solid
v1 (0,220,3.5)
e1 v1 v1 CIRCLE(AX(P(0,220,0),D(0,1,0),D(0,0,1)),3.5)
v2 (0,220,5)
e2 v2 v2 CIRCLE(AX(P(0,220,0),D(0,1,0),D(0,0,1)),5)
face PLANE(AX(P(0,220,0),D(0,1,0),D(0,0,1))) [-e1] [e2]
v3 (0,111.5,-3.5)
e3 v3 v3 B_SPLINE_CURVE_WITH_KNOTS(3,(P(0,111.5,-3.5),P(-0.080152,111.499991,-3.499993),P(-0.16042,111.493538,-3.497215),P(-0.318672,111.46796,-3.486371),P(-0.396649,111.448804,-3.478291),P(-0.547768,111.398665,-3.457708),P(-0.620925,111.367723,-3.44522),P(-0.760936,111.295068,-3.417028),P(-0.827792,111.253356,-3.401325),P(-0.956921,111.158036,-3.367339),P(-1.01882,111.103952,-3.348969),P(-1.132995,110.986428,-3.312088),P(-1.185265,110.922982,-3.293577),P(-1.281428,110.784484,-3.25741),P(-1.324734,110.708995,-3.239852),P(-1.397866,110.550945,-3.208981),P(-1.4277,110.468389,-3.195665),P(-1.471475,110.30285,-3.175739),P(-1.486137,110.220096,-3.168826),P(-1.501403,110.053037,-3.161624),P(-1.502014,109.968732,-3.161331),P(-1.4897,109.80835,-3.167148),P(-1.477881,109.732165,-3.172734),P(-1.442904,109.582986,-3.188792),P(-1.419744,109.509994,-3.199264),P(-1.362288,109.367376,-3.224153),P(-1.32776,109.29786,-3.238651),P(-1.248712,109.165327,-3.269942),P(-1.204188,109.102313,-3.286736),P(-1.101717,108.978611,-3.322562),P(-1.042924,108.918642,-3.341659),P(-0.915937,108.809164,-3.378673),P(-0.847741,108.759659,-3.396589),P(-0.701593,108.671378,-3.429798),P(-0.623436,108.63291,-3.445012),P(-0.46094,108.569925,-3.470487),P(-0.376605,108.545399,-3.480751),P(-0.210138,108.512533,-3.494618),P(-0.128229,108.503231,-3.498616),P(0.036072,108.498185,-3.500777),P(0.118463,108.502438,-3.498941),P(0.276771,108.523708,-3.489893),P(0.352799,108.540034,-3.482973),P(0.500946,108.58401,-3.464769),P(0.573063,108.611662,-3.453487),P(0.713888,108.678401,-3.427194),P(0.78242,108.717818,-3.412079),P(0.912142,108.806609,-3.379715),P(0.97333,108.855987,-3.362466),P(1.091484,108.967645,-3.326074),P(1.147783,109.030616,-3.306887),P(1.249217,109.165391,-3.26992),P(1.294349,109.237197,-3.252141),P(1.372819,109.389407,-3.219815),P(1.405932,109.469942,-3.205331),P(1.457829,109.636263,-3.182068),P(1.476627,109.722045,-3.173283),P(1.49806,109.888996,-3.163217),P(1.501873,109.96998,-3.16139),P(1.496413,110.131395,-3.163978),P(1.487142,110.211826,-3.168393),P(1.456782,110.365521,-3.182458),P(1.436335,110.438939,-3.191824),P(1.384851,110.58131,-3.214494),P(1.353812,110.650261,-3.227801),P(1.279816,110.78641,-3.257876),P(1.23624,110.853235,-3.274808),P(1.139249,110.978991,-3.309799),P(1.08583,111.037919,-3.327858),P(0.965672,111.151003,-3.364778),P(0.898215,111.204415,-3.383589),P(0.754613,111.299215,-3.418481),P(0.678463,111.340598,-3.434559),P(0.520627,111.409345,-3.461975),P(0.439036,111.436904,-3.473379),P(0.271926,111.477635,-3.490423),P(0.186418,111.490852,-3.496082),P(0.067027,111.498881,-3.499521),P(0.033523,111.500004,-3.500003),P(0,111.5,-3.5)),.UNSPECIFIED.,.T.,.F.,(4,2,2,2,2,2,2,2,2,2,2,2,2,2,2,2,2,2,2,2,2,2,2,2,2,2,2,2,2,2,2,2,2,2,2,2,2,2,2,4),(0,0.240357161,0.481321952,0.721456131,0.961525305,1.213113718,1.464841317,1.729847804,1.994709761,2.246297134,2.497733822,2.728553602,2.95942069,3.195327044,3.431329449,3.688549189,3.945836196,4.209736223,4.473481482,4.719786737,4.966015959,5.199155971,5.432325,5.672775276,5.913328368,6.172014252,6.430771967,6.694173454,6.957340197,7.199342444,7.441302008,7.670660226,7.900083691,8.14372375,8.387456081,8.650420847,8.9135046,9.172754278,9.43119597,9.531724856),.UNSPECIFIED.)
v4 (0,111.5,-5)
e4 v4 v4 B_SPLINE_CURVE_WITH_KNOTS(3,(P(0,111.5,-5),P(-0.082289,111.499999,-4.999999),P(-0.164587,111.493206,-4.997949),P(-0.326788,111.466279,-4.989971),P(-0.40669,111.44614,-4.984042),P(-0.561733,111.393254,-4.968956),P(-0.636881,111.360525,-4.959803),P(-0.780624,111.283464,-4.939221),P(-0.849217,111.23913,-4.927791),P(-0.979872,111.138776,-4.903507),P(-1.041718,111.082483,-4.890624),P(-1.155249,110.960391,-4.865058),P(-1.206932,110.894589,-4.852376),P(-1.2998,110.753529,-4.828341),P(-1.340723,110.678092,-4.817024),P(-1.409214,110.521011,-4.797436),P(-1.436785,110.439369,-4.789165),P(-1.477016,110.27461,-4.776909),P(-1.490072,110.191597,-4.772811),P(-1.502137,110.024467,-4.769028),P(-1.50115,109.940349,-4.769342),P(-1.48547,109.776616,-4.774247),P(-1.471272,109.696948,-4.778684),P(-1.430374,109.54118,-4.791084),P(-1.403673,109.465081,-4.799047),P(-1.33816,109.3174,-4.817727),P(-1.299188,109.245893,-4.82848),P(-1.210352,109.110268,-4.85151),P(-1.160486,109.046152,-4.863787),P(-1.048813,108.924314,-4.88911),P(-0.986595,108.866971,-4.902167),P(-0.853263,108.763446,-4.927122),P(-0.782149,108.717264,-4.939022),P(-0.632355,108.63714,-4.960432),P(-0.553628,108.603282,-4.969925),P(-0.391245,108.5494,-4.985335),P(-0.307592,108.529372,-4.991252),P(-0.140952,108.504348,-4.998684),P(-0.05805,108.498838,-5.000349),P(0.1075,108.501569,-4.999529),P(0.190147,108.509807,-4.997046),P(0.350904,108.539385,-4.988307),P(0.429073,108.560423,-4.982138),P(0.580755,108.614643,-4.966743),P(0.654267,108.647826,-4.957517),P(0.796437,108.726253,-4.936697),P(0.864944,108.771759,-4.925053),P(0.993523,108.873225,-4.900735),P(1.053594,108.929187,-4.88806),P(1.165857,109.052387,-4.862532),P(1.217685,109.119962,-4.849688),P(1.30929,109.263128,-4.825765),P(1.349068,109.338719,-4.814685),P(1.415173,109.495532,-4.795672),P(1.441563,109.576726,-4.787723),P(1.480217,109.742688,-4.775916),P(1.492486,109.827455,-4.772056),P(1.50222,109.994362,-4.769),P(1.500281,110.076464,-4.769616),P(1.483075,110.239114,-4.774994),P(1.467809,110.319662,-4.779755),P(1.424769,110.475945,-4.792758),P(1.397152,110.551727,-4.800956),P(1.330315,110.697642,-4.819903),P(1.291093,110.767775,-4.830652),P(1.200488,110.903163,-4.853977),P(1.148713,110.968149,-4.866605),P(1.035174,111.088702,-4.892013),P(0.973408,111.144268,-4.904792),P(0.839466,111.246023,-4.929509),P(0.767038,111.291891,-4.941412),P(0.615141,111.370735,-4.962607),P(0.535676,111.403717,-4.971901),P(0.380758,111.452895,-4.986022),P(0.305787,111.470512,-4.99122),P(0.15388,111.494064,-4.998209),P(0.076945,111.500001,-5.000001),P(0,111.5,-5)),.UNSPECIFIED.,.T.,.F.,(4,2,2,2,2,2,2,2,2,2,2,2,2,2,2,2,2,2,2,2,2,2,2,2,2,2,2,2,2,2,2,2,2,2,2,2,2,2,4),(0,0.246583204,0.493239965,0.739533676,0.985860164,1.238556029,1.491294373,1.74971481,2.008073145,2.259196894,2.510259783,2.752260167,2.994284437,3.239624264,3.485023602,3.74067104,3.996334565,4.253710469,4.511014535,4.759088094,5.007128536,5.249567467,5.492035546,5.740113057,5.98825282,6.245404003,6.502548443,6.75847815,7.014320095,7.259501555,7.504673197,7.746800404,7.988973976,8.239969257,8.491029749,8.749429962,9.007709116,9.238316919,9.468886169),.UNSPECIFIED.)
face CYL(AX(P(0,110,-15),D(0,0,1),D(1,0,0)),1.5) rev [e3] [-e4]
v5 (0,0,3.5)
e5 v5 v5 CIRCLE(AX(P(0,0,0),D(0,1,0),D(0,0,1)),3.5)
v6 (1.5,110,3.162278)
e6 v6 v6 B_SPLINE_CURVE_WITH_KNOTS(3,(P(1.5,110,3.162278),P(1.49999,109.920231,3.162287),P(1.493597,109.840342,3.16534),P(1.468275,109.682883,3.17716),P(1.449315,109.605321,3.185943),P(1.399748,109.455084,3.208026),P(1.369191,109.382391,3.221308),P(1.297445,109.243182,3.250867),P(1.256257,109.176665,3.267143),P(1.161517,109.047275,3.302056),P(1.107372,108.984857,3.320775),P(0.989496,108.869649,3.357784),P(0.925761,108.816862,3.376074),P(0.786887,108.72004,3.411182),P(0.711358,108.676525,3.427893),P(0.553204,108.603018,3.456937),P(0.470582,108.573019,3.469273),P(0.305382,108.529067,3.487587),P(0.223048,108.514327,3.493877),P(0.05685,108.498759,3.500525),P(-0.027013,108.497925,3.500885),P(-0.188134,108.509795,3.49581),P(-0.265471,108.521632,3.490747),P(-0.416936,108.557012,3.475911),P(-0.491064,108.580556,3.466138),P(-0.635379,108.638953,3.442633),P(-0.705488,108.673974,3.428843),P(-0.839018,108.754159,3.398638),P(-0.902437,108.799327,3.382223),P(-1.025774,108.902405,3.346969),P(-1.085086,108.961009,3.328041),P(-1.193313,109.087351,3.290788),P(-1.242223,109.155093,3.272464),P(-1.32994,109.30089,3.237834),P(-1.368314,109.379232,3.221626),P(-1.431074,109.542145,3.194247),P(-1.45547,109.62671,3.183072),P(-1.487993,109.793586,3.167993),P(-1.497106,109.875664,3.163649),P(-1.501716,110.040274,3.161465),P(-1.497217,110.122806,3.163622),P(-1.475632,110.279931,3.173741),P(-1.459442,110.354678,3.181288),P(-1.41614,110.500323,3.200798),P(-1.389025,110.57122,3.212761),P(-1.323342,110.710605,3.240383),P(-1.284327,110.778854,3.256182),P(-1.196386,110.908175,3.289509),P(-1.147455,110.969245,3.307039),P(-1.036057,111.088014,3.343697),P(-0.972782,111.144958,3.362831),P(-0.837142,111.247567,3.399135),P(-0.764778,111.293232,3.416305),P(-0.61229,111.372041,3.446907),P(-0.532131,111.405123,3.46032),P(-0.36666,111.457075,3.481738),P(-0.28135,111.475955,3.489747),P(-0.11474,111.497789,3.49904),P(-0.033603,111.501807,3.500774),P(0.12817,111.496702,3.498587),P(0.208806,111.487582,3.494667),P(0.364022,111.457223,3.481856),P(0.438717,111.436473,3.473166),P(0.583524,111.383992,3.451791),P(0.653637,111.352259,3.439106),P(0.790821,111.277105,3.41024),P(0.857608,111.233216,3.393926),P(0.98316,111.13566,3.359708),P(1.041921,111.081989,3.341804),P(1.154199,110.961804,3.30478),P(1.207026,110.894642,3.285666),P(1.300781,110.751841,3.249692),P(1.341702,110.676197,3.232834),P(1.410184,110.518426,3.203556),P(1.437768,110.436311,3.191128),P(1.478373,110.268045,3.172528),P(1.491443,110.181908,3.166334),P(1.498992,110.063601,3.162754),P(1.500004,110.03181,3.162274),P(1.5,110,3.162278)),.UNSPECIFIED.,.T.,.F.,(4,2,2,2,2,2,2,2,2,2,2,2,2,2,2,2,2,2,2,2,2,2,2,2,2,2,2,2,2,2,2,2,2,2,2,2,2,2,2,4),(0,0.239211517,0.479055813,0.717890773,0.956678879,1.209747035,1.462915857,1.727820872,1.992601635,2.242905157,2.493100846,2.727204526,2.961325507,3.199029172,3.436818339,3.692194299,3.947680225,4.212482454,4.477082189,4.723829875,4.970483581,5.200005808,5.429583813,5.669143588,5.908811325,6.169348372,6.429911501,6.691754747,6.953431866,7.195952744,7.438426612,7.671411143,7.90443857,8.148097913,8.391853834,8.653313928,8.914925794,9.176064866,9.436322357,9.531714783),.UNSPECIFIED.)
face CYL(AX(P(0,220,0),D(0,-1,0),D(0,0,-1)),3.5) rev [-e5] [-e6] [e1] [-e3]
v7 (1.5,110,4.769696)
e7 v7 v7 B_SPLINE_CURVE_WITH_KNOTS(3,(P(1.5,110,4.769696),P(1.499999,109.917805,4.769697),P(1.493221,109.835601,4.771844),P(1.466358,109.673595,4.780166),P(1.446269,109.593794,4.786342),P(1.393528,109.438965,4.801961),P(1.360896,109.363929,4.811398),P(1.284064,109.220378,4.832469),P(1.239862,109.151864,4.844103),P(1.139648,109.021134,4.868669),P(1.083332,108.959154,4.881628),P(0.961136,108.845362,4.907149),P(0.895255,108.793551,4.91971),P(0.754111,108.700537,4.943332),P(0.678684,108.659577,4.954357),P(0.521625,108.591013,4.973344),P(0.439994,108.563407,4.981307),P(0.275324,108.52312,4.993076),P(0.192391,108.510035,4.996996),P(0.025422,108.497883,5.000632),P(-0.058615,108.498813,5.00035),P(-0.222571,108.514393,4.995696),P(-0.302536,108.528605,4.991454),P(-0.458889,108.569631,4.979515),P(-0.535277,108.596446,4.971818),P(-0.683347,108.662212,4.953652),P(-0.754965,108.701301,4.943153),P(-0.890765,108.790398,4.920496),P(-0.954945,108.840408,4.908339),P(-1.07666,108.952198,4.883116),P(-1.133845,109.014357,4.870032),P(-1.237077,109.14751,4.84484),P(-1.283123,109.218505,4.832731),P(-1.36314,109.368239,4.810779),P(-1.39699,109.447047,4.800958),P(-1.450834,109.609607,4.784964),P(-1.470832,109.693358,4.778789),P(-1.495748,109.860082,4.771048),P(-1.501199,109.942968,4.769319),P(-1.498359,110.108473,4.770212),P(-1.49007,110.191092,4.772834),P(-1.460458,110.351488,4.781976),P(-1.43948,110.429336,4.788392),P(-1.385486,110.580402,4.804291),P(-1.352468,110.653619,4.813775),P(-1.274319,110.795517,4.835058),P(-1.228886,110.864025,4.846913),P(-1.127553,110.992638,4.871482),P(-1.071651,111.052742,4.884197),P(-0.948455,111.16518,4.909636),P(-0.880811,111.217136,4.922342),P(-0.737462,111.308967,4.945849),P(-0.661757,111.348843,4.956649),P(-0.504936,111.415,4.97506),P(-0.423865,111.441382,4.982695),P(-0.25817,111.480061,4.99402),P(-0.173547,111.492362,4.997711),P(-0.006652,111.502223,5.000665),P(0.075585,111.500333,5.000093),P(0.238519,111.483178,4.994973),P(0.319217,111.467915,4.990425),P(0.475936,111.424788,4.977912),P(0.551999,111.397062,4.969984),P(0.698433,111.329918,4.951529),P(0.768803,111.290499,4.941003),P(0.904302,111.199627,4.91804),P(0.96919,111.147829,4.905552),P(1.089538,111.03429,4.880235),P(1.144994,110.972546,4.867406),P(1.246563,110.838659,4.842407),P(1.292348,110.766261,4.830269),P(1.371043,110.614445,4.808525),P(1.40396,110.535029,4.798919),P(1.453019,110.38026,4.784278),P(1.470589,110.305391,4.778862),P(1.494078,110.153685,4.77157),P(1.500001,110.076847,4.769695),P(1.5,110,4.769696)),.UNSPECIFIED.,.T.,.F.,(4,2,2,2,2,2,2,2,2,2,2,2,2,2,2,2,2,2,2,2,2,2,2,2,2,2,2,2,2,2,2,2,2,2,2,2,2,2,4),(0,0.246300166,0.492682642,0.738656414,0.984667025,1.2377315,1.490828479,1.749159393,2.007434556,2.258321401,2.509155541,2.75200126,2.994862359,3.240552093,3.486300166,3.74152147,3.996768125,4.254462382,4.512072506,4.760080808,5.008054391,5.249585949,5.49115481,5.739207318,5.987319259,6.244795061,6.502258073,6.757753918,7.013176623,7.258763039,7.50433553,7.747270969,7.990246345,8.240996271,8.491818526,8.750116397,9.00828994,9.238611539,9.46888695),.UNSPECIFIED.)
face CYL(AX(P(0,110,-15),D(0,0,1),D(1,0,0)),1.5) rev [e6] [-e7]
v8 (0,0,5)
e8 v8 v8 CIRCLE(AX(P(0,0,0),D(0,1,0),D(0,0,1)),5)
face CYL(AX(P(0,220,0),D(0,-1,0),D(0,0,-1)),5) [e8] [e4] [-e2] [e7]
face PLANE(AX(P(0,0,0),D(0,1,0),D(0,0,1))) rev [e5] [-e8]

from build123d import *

# Parameters (mm, degrees)
IZIM1_R                     = 5
IZIM1_R_2                   = 3.5
Y_KSEKLIK_EKSTR_ZYON1_DEPTH = 220
IZIM2_R                     = 1.5
KES_EKSTR_ZYON1_DEPTH       = 15


with BuildPart() as part:
    # Çizim1 → Yükseklik-Ekstrüzyon1 (new body)
    with BuildSketch(Plane(origin=(0, 0, 0), x_dir=(1, 0, 0), z_dir=(0, 1, 0))):
        with Locations(Location((0, 0, 0), (0, 0, 270))):
            Circle(IZIM1_R)
        with Locations(Location((0, 0, 0), (0, 0, 270))):
            Circle(IZIM1_R_2, mode=Mode.SUBTRACT)
    extrude(amount=Y_KSEKLIK_EKSTR_ZYON1_DEPTH)

    # Çizim2 → Kes-Ekstrüzyon1 (cut, symmetric)
    with BuildSketch(Plane.XY):
        with Locations((0, 110)):
            Circle(IZIM2_R)
    extrude(amount=KES_EKSTR_ZYON1_DEPTH, both=True, mode=Mode.SUBTRACT)


solid = part.part
